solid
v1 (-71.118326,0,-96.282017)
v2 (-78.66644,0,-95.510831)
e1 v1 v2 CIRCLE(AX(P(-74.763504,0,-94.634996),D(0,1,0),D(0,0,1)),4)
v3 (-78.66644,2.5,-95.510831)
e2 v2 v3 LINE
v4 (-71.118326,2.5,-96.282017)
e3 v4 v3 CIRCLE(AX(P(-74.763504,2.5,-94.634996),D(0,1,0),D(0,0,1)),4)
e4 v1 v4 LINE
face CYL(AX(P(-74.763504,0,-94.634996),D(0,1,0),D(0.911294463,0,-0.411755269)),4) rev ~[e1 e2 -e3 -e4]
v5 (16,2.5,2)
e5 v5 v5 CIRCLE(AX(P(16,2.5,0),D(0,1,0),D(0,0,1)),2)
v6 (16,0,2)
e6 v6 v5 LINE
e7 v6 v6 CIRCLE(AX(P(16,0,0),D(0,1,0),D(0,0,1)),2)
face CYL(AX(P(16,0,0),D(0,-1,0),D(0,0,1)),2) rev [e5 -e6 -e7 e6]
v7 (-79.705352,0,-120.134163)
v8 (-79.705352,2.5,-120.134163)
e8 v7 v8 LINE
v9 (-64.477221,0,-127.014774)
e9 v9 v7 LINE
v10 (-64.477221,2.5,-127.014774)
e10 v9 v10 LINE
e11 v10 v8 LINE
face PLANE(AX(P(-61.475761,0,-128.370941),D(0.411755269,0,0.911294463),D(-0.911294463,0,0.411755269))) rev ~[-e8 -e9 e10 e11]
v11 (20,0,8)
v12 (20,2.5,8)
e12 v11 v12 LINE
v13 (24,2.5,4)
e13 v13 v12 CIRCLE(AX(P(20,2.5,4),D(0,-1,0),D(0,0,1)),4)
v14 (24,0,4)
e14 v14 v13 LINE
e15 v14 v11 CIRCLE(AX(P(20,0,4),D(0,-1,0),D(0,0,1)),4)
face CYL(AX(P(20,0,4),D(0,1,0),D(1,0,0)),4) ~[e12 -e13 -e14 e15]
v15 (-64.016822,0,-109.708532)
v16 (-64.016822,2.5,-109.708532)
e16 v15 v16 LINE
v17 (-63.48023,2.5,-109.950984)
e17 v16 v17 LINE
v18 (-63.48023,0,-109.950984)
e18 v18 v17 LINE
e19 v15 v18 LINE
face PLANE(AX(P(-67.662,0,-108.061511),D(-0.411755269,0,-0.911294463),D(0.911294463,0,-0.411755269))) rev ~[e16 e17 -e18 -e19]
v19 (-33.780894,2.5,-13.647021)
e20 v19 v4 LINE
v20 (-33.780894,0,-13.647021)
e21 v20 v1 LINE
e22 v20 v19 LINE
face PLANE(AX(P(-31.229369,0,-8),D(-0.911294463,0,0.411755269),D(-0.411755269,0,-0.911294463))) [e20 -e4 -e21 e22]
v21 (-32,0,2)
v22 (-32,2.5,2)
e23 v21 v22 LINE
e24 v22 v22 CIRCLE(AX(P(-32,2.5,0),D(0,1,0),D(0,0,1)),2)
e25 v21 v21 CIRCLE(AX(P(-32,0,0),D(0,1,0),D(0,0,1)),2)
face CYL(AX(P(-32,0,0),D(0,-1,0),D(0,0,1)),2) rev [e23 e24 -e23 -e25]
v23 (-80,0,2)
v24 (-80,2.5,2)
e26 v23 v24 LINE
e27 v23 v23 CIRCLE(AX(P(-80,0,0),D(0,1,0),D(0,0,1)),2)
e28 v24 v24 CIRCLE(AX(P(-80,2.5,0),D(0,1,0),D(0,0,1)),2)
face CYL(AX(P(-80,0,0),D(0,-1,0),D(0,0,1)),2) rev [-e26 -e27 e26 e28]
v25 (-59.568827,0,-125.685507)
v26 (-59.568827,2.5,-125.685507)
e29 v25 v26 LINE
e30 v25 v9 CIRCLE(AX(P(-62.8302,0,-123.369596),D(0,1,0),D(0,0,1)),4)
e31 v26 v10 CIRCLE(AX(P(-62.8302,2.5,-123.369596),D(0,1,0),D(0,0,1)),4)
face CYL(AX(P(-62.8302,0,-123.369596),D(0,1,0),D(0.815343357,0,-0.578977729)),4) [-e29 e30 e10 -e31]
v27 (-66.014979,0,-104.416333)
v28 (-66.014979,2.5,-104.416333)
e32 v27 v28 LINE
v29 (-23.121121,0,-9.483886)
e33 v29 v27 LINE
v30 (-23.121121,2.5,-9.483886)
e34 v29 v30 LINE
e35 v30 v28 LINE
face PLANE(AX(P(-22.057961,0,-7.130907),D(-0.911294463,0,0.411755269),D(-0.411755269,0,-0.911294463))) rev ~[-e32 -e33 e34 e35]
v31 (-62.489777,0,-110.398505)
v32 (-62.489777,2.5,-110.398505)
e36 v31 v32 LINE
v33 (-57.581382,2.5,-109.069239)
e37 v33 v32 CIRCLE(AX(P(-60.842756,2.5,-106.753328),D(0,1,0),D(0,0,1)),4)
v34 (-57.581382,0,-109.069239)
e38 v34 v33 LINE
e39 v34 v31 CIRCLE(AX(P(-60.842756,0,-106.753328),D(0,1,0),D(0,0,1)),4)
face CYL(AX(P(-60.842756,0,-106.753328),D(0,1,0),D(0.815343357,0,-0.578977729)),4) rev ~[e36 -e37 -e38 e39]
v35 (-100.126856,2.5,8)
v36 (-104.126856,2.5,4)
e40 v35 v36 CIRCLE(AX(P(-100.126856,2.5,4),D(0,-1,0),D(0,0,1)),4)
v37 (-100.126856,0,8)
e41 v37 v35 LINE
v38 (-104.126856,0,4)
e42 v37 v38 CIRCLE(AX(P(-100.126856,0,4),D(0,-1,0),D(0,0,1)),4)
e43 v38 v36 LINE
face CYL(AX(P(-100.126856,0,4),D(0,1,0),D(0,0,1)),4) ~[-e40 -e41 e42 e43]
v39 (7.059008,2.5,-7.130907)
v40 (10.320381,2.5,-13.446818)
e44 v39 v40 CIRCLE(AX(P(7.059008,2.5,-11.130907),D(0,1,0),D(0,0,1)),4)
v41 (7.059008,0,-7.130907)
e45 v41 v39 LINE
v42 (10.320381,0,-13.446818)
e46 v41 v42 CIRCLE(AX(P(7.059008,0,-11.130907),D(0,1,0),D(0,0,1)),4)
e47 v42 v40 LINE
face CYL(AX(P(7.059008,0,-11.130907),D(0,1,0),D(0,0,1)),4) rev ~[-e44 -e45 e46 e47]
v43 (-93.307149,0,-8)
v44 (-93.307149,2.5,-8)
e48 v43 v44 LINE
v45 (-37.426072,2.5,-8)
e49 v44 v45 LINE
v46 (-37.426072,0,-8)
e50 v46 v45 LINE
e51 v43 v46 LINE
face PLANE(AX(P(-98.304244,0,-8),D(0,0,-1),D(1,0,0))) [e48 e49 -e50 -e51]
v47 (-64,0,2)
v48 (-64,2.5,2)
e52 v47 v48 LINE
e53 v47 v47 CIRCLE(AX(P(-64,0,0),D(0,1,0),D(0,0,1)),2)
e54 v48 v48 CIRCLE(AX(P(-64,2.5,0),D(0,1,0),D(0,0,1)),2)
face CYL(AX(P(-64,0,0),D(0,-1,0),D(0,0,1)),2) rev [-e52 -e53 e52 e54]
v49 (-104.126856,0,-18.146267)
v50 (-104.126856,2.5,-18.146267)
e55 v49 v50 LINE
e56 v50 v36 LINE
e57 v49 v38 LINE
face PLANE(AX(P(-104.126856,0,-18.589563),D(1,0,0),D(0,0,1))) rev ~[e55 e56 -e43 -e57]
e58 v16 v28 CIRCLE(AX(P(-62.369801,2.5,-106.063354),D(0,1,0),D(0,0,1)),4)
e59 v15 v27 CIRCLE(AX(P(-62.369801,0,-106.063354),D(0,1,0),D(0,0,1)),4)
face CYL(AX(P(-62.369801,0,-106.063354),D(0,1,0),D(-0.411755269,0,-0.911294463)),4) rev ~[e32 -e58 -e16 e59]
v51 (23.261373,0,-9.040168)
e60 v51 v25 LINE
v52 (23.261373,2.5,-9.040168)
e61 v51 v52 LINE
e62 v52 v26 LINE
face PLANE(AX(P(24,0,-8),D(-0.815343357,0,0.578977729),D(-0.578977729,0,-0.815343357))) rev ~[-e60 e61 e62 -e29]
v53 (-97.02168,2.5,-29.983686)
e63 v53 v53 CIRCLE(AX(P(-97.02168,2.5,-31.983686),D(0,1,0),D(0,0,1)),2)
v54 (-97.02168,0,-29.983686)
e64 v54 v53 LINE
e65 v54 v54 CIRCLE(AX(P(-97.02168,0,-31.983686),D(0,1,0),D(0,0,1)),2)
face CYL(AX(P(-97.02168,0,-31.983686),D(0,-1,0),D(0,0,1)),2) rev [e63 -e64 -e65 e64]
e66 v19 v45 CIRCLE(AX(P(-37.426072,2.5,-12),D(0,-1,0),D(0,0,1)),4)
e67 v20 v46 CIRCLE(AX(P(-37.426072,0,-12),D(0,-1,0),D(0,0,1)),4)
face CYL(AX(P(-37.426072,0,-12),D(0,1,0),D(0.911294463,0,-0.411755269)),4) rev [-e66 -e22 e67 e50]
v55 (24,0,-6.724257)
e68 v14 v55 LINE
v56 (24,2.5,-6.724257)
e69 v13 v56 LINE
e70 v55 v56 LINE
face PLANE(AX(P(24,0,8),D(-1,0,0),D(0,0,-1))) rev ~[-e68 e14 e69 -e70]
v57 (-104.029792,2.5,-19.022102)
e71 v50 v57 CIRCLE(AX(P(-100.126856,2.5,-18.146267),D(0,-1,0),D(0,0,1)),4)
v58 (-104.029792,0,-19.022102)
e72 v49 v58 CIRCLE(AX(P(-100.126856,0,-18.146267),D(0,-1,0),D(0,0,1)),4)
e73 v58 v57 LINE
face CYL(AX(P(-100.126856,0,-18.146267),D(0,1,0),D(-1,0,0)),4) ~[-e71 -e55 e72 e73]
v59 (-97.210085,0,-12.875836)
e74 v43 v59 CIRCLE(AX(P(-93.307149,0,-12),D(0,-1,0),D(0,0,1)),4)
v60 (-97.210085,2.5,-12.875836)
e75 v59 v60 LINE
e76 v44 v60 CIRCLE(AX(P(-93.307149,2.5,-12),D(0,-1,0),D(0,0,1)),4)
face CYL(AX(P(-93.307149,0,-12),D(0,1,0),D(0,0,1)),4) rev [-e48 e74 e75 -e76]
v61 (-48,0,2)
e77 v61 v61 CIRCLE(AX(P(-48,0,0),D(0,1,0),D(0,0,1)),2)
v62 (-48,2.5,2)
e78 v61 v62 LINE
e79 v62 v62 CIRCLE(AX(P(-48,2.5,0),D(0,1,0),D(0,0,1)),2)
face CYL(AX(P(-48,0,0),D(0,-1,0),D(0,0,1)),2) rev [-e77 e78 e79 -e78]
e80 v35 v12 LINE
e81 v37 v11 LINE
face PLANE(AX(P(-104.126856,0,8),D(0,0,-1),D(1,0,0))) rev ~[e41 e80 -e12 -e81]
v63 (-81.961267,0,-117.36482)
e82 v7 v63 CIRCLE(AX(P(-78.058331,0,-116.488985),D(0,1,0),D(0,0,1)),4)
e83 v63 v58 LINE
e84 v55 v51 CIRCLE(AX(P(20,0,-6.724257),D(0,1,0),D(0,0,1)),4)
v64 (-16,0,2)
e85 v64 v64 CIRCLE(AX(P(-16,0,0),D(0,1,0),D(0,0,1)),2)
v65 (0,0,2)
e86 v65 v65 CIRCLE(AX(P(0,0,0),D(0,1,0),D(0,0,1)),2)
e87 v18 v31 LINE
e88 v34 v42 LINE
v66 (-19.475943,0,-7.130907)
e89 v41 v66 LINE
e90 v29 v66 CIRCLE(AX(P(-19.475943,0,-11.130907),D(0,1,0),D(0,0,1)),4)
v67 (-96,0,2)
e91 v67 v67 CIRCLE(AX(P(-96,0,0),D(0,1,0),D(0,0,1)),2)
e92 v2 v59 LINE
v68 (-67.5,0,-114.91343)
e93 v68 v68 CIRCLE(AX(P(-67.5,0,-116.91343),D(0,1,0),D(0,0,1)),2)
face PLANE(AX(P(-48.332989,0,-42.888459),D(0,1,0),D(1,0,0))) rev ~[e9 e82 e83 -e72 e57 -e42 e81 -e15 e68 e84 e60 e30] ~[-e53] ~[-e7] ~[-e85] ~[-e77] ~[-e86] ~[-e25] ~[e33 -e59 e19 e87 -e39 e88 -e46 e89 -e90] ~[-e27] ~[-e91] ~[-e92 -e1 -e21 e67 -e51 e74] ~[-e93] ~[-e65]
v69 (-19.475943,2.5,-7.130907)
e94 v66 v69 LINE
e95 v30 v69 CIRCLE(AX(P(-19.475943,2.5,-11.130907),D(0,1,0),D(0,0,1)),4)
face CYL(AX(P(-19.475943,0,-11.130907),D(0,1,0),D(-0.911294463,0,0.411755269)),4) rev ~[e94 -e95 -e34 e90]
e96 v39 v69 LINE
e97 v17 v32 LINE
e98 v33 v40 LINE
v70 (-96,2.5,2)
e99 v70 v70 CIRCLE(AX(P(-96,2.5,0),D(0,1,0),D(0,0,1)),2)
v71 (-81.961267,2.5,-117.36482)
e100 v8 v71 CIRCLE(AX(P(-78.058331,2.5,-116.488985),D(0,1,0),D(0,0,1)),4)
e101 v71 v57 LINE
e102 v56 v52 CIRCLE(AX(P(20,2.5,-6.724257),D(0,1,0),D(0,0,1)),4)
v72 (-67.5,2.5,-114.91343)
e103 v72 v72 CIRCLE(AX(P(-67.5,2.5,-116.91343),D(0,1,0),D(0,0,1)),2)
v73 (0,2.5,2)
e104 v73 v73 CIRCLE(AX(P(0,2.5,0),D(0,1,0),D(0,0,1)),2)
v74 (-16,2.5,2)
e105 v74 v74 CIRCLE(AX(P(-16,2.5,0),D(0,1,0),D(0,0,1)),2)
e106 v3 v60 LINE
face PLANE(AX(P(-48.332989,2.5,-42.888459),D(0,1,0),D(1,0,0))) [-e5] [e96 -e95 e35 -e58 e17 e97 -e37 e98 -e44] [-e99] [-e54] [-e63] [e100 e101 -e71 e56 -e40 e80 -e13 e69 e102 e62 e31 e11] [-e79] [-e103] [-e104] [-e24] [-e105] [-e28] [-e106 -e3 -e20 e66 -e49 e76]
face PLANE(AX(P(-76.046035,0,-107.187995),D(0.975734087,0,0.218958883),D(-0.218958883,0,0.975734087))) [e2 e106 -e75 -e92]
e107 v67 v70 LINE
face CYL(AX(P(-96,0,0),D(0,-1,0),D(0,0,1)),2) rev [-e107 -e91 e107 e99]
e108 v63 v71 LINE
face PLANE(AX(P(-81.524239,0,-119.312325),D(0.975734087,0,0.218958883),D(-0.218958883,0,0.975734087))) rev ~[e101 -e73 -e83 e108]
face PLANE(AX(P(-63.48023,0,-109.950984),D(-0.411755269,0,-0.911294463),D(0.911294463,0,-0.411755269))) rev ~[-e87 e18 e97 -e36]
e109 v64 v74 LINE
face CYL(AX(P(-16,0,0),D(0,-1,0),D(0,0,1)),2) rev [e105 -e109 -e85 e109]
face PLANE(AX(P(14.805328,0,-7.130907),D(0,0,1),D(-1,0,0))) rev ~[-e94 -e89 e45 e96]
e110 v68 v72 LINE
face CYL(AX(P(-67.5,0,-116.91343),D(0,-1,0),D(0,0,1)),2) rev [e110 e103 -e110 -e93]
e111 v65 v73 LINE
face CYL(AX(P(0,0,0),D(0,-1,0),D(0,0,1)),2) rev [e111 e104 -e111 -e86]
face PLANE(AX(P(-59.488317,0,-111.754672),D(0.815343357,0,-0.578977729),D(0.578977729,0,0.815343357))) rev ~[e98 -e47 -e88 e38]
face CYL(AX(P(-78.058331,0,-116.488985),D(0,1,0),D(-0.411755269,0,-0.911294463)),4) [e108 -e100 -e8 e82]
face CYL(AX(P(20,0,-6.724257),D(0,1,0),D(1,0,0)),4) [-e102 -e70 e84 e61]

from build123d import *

# Parameters (mm, degrees)
SKETCH1_R           = 2
BOSS_EXTRUDE1_DEPTH = 2.5
FILLET2_R           = 4


with BuildPart() as part:
    # Sketch1 → Boss-Extrude1 (new body)
    with BuildSketch(Plane(origin=(0, 0, 0), x_dir=(1, 0, 0), z_dir=(0, 1, 0))):
        Polygon((-24, -8), (24, -8), (24, 8), (-61.475760907, 128.370940703), (-81.524239093, 119.312324779), (-104.126855641, 18.58956294), (-104.126855641, -8), (-86.093666761, -8), align=None)
        with Locations(Location((-16, 0, 0), (0, 0, 270))):
            Circle(SKETCH1_R, mode=Mode.SUBTRACT)
        with Locations(Location((16, 0, 0), (0, 0, 270))):
            Circle(SKETCH1_R, mode=Mode.SUBTRACT)
        with Locations(Location((0, 0, 0), (0, 0, 270))):
            Circle(SKETCH1_R, mode=Mode.SUBTRACT)
        with Locations(Location((-67.5, 116.913429511, 0), (0, 0, 270))):
            Circle(SKETCH1_R, mode=Mode.SUBTRACT)
        with Locations(Location((-32, 0, 0), (0, 0, 270))):
            Circle(SKETCH1_R, mode=Mode.SUBTRACT)
        with Locations(Location((-48, 0, 0), (0, 0, 270))):
            Circle(SKETCH1_R, mode=Mode.SUBTRACT)
        with Locations(Location((-64, 0, 0), (0, 0, 270))):
            Circle(SKETCH1_R, mode=Mode.SUBTRACT)
        with Locations(Location((-80, 0, 0), (0, 0, 270))):
            Circle(SKETCH1_R, mode=Mode.SUBTRACT)
        with Locations(Location((-96, 0, 0), (0, 0, 270))):
            Circle(SKETCH1_R, mode=Mode.SUBTRACT)
        with Locations(Location((-97.021679837, 31.983686003, 0), (0, 0, 270))):
            Circle(SKETCH1_R, mode=Mode.SUBTRACT)
        Polygon((-31.229369404, 8), (-76.046035256, 107.187994635), (-98.304243511, 8), align=None, mode=Mode.SUBTRACT)
        Polygon((-63.480229926, 109.950983508), (-59.488316608, 111.754672009), (14.80532848, 7.130906714), (-22.057960952, 7.130906714), (-67.661999872, 108.061511027), align=None, mode=Mode.SUBTRACT)
    extrude(amount=BOSS_EXTRUDE1_DEPTH)

    # Fillet2
    fillet2_edges = [part.edges().sort_by_distance(p)[0] for p in [
        (24, 1.25, -8),
        (24, 1.25, 8),
        (-104.126855641, 1.25, 8),
        (-104.126855641, 1.25, -18.58956294),
        (-81.524239093, 1.25, -119.312324779),
        (-61.475760907, 1.25, -128.370940703),
        (-67.661999872, 1.25, -108.061511027),
        (-22.057960952, 1.25, -7.130906714),
        (14.80532848, 1.25, -7.130906714),
        (-59.488316608, 1.25, -111.754672009),
        (-98.304243511, 1.25, -8),
        (-31.229369404, 1.25, -8),
        (-76.046035256, 1.25, -107.187994635),
    ]]
    fillet(fillet2_edges, radius=FILLET2_R)


solid = part.part
